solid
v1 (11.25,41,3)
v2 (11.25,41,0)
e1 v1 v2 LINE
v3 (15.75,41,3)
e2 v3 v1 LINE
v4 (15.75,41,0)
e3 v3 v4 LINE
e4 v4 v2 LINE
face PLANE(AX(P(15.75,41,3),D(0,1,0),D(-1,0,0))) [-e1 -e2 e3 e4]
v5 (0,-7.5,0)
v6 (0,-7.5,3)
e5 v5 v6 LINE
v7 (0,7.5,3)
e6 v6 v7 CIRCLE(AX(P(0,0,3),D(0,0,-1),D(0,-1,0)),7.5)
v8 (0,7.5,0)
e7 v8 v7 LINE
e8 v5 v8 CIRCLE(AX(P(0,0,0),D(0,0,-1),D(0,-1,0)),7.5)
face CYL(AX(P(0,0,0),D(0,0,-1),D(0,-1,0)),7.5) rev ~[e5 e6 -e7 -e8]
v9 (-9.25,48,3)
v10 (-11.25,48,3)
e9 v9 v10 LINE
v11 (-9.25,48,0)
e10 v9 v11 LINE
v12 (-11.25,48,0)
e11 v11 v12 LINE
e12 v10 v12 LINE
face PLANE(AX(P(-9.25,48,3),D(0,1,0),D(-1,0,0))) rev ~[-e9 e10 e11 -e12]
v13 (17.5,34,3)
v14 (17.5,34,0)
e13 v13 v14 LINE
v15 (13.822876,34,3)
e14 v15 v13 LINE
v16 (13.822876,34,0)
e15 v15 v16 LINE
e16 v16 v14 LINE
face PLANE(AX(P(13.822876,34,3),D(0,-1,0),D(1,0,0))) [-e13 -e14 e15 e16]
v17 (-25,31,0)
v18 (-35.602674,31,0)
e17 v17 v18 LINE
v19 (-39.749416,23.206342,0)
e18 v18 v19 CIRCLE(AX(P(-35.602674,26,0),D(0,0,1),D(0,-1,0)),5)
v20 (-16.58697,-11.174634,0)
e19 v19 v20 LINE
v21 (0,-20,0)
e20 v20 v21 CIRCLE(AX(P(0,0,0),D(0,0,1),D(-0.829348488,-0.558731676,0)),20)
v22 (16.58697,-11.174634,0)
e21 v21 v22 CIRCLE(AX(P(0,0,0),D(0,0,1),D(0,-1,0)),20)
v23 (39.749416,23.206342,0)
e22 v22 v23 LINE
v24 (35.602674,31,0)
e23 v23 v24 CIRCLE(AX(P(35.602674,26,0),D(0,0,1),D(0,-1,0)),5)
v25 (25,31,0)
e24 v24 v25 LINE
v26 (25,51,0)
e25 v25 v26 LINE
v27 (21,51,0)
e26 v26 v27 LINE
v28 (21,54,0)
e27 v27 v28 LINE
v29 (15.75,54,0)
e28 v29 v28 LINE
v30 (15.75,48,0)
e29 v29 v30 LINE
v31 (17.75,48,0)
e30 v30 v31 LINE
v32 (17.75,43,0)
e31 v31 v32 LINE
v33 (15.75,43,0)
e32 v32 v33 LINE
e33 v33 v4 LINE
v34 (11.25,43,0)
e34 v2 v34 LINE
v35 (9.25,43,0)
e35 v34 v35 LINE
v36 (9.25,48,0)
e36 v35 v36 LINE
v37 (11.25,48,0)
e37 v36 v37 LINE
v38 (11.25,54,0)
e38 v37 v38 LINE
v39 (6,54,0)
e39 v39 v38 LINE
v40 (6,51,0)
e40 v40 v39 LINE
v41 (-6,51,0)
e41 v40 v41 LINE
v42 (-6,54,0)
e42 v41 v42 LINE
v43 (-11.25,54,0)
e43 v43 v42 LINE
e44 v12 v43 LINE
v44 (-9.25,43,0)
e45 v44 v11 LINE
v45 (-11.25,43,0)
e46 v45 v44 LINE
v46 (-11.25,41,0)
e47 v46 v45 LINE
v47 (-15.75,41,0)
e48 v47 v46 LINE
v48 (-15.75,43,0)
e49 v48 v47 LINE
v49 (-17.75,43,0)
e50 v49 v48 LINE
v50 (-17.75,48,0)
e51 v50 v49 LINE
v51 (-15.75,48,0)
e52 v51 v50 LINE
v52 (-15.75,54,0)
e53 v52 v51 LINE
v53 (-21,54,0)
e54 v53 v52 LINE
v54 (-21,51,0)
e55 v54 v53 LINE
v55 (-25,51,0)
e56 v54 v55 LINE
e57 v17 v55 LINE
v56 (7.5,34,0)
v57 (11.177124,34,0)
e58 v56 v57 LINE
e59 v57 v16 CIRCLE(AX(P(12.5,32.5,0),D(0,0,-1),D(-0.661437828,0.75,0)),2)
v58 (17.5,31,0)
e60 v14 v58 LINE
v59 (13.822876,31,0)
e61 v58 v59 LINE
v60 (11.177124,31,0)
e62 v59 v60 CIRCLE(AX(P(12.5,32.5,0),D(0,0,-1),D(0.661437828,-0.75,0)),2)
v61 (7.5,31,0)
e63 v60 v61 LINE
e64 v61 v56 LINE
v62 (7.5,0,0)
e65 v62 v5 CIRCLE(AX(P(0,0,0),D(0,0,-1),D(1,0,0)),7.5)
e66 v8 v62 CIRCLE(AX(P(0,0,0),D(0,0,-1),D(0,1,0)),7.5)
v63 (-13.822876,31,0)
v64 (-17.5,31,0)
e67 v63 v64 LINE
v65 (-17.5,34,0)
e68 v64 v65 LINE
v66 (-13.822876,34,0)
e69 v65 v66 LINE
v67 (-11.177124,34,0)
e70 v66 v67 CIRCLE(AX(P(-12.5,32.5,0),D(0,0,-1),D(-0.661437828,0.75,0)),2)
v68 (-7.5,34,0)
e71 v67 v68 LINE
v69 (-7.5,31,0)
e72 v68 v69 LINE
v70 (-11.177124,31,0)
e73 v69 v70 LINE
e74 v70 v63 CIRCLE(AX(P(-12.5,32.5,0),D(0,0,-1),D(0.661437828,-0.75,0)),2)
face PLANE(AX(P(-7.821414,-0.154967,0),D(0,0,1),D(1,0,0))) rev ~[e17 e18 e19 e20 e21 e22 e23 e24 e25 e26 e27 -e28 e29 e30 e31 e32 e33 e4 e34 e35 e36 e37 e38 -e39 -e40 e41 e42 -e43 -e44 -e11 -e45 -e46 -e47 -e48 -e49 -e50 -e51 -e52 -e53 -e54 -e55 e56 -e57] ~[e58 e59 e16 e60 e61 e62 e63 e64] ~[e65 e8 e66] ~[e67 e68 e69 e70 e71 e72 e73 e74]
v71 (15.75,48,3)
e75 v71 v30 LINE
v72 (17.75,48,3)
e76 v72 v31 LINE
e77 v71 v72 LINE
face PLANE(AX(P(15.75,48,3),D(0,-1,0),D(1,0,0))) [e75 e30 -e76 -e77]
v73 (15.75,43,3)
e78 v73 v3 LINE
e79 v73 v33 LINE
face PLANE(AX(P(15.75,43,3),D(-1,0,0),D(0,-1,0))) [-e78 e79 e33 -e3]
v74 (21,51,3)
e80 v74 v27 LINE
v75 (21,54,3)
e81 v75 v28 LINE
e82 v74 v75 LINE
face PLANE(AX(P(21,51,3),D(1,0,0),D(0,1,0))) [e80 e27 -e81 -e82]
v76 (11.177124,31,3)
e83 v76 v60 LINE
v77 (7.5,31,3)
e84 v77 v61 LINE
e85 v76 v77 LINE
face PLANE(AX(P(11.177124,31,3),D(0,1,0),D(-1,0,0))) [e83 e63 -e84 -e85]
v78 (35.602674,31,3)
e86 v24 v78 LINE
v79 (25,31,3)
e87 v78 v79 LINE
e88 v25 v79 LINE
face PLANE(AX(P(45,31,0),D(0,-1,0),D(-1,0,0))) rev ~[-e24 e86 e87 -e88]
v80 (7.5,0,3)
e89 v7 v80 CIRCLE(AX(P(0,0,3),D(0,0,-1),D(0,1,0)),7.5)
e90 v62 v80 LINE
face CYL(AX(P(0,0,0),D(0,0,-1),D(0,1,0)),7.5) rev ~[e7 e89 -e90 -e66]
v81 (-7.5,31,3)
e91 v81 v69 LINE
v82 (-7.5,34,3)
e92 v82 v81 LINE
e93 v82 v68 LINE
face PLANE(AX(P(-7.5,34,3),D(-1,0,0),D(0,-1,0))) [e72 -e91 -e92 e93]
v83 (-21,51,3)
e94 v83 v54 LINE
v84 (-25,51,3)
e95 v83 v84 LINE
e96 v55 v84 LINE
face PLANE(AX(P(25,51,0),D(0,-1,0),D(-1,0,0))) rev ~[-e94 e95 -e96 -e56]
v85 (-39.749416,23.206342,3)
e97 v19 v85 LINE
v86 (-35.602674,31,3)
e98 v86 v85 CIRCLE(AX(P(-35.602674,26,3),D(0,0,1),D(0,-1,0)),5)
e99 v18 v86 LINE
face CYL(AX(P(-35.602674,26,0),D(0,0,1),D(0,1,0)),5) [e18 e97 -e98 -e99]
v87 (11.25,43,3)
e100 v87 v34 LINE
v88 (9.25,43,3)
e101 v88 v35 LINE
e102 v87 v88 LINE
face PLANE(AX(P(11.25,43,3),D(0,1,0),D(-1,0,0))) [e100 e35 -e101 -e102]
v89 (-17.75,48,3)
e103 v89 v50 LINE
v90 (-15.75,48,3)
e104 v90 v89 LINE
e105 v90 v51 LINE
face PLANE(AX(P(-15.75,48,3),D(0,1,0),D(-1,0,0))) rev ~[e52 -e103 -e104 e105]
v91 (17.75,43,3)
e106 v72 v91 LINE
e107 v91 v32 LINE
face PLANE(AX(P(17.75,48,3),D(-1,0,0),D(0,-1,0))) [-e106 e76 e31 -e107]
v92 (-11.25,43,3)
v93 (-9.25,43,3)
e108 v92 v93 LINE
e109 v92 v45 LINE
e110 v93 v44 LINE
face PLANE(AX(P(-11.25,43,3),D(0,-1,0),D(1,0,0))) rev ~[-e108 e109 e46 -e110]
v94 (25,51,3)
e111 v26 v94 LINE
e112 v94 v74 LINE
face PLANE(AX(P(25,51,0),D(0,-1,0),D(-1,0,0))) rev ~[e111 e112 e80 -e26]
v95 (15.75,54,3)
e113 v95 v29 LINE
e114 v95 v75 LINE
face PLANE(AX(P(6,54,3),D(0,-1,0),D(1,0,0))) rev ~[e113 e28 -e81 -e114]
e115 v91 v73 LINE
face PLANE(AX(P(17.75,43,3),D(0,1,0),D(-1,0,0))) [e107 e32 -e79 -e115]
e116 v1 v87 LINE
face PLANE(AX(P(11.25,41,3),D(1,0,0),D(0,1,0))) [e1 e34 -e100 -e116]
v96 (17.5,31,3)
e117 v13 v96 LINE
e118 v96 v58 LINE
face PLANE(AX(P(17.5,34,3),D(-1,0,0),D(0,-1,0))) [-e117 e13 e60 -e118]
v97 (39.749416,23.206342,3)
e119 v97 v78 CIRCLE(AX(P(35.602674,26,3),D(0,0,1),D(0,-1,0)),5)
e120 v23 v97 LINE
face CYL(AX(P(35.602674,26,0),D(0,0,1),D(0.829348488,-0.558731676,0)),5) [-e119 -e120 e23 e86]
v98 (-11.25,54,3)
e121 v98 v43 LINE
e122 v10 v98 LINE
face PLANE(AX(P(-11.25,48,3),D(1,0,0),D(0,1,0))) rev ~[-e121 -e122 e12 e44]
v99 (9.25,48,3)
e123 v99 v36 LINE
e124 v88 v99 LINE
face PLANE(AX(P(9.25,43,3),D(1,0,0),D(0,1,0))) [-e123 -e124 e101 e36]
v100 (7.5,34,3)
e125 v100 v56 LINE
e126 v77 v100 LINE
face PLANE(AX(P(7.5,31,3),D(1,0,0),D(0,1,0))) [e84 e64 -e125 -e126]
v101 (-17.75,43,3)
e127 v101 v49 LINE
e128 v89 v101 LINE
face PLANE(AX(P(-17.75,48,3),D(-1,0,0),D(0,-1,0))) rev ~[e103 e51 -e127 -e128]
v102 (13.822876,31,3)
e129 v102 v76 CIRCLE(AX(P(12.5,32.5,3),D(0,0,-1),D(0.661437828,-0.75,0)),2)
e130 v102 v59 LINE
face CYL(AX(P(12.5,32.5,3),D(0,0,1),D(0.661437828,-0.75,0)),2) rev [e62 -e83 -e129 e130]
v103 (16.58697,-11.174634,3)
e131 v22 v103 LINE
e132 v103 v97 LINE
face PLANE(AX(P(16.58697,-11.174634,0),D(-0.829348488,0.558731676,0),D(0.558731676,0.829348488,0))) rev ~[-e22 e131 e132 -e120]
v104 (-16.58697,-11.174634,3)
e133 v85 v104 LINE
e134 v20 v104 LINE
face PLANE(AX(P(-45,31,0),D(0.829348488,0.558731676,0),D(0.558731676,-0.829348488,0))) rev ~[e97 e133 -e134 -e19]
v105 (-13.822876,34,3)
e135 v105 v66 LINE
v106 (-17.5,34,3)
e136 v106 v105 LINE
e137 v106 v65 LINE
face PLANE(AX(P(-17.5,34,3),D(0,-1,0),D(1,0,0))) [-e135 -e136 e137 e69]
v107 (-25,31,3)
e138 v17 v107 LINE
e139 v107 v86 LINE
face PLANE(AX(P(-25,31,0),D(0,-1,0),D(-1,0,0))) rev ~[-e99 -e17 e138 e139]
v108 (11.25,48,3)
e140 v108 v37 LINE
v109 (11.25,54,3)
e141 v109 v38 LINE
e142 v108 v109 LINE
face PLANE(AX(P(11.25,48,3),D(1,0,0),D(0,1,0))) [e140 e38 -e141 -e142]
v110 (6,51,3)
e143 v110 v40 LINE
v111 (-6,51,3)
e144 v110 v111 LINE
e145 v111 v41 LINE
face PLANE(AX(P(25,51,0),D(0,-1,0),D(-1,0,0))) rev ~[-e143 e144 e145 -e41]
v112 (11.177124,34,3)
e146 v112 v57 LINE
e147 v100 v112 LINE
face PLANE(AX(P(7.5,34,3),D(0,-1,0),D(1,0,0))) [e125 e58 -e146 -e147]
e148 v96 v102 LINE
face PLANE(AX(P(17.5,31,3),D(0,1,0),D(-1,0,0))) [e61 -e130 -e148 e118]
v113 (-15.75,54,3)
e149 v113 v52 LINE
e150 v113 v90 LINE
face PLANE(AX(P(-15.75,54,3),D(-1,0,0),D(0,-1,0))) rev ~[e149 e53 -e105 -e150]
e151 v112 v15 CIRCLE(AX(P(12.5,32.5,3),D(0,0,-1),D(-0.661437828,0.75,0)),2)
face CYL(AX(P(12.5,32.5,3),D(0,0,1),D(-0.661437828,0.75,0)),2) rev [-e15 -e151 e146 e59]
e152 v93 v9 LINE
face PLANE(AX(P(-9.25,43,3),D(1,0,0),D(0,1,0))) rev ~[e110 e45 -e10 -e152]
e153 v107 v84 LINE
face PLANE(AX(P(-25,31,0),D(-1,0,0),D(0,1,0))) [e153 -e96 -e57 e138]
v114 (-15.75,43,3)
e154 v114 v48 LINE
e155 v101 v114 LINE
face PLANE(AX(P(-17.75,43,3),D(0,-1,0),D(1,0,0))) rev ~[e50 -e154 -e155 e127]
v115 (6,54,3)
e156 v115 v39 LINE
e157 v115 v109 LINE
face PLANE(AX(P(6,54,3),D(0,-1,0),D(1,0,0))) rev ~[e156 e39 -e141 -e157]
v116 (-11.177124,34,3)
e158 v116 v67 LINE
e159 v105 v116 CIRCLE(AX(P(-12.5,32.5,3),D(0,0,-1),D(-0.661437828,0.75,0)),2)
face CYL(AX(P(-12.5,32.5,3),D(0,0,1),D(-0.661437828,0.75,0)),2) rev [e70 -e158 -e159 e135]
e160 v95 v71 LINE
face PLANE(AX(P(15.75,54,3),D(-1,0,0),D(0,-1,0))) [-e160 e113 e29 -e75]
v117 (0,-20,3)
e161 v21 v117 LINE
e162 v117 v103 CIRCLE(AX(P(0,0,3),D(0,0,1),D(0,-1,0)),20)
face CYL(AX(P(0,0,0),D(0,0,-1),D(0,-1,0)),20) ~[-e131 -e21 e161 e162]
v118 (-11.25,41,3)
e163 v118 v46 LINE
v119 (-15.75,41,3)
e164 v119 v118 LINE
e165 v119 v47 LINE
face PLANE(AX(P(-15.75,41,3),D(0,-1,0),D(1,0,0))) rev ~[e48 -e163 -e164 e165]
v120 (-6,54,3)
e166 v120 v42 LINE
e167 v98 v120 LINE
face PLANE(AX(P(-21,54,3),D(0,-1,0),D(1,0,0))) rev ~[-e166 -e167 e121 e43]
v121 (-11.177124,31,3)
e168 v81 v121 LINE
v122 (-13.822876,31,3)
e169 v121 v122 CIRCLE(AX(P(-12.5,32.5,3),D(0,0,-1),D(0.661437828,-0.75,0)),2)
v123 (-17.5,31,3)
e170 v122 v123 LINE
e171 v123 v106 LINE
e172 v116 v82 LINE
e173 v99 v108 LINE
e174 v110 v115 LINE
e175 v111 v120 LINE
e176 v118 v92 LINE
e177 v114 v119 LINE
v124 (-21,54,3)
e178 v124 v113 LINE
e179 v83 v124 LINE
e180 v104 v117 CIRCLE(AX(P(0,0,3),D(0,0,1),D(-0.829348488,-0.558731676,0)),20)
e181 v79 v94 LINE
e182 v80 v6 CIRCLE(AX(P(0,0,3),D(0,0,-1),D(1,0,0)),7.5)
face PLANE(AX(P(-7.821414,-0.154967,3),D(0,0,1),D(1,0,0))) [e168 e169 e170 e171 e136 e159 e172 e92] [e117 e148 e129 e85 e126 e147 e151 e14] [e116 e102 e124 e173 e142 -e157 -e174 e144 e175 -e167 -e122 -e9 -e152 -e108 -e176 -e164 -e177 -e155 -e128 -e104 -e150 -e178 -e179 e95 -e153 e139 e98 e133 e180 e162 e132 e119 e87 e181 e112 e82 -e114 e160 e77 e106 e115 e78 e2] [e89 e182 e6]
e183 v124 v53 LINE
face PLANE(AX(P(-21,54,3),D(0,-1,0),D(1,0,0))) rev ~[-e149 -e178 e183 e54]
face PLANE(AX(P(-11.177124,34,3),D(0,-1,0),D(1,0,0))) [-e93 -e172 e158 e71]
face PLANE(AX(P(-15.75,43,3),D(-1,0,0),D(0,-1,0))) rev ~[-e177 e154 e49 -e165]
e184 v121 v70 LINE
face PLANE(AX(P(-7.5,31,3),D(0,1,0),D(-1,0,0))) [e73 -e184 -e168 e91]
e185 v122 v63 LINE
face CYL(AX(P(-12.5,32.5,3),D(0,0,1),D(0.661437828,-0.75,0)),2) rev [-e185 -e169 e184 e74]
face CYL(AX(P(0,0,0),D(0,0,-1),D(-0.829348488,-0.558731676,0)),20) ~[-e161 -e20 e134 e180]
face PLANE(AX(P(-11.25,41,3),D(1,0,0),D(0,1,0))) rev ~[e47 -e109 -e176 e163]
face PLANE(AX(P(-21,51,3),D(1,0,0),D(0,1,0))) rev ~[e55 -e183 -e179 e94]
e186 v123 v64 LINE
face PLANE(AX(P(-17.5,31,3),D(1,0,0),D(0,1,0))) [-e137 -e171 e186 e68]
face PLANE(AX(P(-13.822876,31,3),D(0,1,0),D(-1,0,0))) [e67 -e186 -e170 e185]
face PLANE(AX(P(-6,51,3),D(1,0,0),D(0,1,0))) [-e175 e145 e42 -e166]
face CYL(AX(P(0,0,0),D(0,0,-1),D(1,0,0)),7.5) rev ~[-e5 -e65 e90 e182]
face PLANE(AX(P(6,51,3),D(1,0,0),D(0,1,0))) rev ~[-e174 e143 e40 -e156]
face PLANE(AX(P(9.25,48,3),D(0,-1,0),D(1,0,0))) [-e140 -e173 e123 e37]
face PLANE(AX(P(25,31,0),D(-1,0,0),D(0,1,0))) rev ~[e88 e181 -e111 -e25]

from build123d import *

# Parameters (mm, degrees)
SKETCH_1_W          = 25
SKETCH_1_H          = 20
EXTRUDE_1_DEPTH     = 3
FILLET_1_R          = 5
CUT_EXTRUDE_1_DEPTH = 3
SKETCH_3_W          = 15
SKETCH_3_H          = 3
EXTRUDE_2_DEPTH     = 3
CUT_EXTRUDE_2_DEPTH = 3


with BuildPart() as part:
    # 草图1 → 凸台-拉伸1 (new body)
    with BuildSketch(Plane.XY):
        with BuildLine():
            ThreePointArc((0, 20), (-17.656339801, 9.39434217), (-16.586969757, -11.174633519))
            ThreePointArc((-16.586969757, -11.174633519), (-9.39434217, -17.656339801), (0, -20))
            Line((0, -20), (0, -7.5))
            ThreePointArc((0, -7.5), (-7.5, 0), (0, 7.5))
            Line((0, 7.5), (0, 20))
        make_face()
        with BuildLine():
            ThreePointArc((20, 0), (14.142135624, 14.142135624), (0, 20))
            Line((0, 20), (0, 7.5))
            ThreePointArc((0, 7.5), (5.303300859, 5.303300859), (7.5, 0))
            ThreePointArc((7.5, 0), (5.303300859, -5.303300859), (0, -7.5))
            Line((0, -7.5), (0, -20))
            ThreePointArc((0, -20), (9.39434217, -17.656339801), (16.586969757, -11.174633519))
            ThreePointArc((16.586969757, -11.174633519), (19.127720658, -5.842114551), (20, 0))
        make_face()
        with BuildLine():
            Line((25, 31), (0, 31))
            Line((0, 31), (0, 20))
            ThreePointArc((0, 20), (14.142135624, 14.142135624), (20, 0))
            ThreePointArc((20, 0), (19.127720658, -5.842114551), (16.586969757, -11.174633519))
            Line((16.586969757, -11.174633519), (45, 31))
            Line((45, 31), (25, 31))
        make_face()
        with BuildLine():
            Line((-25, 31), (-45, 31))
            Line((-45, 31), (-16.586969757, -11.174633519))
            ThreePointArc((-16.586969757, -11.174633519), (-17.656339801, 9.39434217), (0, 20))
            Line((0, 20), (0, 31))
            Line((0, 31), (-25, 31))
        make_face()
        with Locations((-12.5, 41)):
            Rectangle(SKETCH_1_W, SKETCH_1_H)
        with Locations((12.5, 41)):
            Rectangle(SKETCH_1_W, SKETCH_1_H)
    extrude(amount=EXTRUDE_1_DEPTH)

    # 圆角1
    fillet_1_edges = [part.edges().sort_by_distance(p)[0] for p in [
        (45, 31, 1.5),
        (-45, 31, 1.5),
    ]]
    fillet(fillet_1_edges, radius=FILLET_1_R)

    # 草图2 → 切除-拉伸1 (cut)
    with BuildSketch(Plane.XY.offset(3)):
        with BuildLine():
            Line((-17.5, 34), (-13.822875656, 34))
            ThreePointArc((-13.822875656, 34), (-12.5, 34.5), (-11.177124344, 34))
            Line((-11.177124344, 34), (-7.5, 34))
            Line((-7.5, 34), (-7.5, 31))
            Line((-7.5, 31), (-11.177124344, 31))
            ThreePointArc((-11.177124344, 31), (-12.5, 30.5), (-13.822875656, 31))
            Line((-13.822875656, 31), (-17.5, 31))
            Line((-17.5, 31), (-17.5, 34))
        make_face()
        with BuildLine():
            Line((7.5, 34), (11.177124344, 34))
            ThreePointArc((11.177124344, 34), (12.5, 34.5), (13.822875656, 34))
            Line((13.822875656, 34), (17.5, 34))
            Line((17.5, 34), (17.5, 31))
            Line((17.5, 31), (13.822875656, 31))
            ThreePointArc((13.822875656, 31), (12.5, 30.5), (11.177124344, 31))
            Line((11.177124344, 31), (7.5, 31))
            Line((7.5, 31), (7.5, 34))
        make_face()
    extrude(amount=-CUT_EXTRUDE_1_DEPTH, mode=Mode.SUBTRACT)

    # 草图3 → 凸台-拉伸2 (add)
    with BuildSketch(Plane.XY.offset(3)):
        with Locations((-13.5, 52.5)):
            Rectangle(SKETCH_3_W, SKETCH_3_H)
        with Locations((13.5, 52.5)):
            Rectangle(SKETCH_3_W, SKETCH_3_H)
    extrude(amount=-EXTRUDE_2_DEPTH)

    # 草图4 → 切除-拉伸2 (cut)
    with BuildSketch(Plane.XY.offset(3)):
        Polygon((-15.75, 54), (-15.75, 48), (-17.75, 48), (-17.75, 43), (-15.75, 43), (-15.75, 41), (-11.25, 41), (-11.25, 43), (-9.25, 43), (-9.25, 48), (-11.25, 48), (-11.25, 54), align=None)
        Polygon((11.25, 48), (11.25, 54), (15.75, 54), (15.75, 48), (17.75, 48), (17.75, 43), (15.75, 43), (15.75, 41), (11.25, 41), (11.25, 43), (9.25, 43), (9.25, 48), align=None)
    extrude(amount=-CUT_EXTRUDE_2_DEPTH, mode=Mode.SUBTRACT)


solid = part.part
